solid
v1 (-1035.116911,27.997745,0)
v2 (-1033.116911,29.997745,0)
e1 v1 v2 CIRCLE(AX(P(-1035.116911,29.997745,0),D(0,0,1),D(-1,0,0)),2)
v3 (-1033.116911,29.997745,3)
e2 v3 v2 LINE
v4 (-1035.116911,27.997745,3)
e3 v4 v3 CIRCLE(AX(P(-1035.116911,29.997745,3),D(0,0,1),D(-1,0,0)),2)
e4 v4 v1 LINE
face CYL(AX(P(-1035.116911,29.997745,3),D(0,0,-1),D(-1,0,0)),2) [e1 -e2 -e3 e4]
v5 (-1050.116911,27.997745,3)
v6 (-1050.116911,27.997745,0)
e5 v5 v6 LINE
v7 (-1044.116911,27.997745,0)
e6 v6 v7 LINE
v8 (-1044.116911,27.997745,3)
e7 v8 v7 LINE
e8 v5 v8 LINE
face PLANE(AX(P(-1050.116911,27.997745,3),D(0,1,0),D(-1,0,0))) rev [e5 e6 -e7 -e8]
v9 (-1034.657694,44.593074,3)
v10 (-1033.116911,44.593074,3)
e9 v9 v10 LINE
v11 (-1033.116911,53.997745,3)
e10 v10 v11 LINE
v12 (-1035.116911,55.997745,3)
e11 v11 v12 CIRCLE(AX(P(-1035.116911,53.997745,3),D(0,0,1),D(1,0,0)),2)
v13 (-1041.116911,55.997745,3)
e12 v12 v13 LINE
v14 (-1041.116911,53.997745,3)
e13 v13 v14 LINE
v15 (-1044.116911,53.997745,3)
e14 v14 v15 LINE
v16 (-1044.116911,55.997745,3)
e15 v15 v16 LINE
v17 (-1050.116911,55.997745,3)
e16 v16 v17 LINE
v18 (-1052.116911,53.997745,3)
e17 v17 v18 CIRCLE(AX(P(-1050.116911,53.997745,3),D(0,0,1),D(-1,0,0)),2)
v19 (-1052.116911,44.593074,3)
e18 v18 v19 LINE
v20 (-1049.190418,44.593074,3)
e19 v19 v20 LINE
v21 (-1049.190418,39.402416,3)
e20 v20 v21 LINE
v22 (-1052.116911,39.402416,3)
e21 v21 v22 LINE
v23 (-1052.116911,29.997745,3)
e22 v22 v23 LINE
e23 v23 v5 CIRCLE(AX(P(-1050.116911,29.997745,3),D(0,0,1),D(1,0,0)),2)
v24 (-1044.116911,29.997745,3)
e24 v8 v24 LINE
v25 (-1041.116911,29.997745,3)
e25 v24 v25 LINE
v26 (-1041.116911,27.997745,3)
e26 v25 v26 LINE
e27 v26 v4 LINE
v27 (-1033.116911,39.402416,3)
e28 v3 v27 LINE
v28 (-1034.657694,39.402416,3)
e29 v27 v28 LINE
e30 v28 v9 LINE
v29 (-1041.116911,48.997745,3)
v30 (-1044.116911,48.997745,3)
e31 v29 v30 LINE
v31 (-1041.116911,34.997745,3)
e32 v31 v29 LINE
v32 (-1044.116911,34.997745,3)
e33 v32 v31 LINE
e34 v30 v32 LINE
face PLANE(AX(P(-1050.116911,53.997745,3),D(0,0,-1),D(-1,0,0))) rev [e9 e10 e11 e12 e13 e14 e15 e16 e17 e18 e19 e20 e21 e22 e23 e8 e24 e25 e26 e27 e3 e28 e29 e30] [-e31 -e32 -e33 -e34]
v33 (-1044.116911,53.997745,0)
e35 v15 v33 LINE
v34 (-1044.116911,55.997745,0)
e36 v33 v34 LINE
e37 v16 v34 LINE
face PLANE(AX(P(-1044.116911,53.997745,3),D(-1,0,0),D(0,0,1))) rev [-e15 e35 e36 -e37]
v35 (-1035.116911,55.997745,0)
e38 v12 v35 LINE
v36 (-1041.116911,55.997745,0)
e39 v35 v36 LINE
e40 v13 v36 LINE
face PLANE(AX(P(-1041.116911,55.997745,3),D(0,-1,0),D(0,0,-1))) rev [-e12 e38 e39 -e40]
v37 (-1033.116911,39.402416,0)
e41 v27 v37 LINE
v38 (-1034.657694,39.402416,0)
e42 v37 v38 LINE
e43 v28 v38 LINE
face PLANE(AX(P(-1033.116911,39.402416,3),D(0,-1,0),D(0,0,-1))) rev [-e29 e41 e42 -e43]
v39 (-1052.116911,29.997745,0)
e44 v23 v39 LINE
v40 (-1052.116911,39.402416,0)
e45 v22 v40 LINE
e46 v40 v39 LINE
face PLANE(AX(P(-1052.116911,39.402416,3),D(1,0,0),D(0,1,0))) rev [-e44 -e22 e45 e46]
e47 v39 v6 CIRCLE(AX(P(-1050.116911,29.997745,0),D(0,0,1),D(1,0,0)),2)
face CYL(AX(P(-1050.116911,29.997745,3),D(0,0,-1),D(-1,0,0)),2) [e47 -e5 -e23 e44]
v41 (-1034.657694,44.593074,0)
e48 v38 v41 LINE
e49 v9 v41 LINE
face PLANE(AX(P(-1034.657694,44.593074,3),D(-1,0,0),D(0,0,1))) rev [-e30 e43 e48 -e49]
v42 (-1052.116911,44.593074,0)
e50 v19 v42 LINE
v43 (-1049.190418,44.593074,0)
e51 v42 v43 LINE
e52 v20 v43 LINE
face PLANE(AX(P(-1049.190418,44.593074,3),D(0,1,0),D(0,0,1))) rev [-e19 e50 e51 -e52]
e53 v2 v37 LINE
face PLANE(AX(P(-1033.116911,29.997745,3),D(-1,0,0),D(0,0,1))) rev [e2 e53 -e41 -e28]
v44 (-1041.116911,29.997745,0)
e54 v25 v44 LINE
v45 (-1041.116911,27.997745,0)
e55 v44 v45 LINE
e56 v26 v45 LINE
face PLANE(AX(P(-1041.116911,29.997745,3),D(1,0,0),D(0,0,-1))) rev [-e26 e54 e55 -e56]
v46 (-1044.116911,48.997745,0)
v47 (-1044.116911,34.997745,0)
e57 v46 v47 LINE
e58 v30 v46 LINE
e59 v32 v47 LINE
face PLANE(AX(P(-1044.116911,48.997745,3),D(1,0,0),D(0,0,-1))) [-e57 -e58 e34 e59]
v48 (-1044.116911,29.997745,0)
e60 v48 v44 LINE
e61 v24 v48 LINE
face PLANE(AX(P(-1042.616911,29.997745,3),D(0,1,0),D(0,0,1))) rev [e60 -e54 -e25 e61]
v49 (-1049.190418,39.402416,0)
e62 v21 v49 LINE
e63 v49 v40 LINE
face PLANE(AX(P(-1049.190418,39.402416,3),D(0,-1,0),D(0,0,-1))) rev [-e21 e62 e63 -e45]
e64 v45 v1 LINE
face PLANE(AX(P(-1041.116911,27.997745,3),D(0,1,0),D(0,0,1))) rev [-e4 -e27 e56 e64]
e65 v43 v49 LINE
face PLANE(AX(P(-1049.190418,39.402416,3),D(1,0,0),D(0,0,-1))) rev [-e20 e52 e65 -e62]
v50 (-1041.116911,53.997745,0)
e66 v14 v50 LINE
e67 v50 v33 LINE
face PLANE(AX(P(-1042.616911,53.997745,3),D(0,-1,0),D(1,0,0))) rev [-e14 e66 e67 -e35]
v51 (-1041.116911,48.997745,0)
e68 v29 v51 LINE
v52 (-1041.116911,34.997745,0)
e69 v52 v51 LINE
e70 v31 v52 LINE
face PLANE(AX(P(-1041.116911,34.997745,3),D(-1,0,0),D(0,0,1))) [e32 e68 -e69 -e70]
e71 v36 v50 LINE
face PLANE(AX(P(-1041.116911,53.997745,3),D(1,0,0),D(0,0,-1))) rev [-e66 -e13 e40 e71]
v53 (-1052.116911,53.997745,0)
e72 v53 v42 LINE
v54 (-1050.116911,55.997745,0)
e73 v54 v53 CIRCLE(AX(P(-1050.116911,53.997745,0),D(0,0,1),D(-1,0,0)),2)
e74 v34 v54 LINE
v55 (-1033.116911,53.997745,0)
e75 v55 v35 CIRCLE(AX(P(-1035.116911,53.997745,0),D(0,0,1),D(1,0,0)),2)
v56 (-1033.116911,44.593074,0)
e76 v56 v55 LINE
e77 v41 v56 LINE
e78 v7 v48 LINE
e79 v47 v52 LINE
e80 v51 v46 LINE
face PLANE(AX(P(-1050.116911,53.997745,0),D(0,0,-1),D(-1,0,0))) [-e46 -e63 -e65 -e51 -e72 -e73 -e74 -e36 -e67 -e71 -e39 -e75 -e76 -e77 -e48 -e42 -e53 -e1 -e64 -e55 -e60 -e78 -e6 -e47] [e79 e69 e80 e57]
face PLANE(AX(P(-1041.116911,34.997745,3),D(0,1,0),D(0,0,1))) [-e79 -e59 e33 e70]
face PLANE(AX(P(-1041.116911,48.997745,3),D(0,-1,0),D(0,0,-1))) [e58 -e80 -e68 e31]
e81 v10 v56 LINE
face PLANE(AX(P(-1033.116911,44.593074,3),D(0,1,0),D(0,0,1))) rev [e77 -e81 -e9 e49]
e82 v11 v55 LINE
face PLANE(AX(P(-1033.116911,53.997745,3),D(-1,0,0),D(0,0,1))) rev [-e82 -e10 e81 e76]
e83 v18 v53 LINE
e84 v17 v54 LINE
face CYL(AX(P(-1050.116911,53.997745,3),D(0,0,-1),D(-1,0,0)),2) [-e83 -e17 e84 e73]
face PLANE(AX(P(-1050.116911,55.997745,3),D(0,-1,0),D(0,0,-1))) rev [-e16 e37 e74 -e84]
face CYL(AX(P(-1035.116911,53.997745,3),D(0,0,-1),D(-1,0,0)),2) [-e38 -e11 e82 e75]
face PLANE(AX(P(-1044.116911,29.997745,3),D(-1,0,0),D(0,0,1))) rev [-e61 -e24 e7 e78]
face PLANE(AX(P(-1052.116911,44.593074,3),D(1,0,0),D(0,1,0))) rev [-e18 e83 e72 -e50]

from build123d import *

# Parameters (mm, degrees)
SKETCH1_W          = 3
SKETCH1_H          = 14
BASE_EXTRUDE_DEPTH = 3


with BuildPart() as part:
    # Sketch1 → Base-Extrude (new body)
    with BuildSketch(Plane.XY):
        with BuildLine():
            Line((-1033.116910611, 53.997744838), (-1033.116910611, 44.593073912))
            Line((-1033.116910611, 44.593073912), (-1034.65769353, 44.593073912))
            Line((-1034.65769353, 44.593073912), (-1034.65769353, 39.402415763))
            Line((-1034.65769353, 39.402415763), (-1033.116910611, 39.402415763))
            Line((-1033.116910611, 39.402415763), (-1033.116910611, 29.997744838))
            ThreePointArc((-1033.116910611, 29.997744838), (-1033.702697049, 28.583531275), (-1035.116910611, 27.997744838))
            Line((-1035.116910611, 27.997744838), (-1041.116910611, 27.997744838))
            Line((-1041.116910611, 27.997744838), (-1041.116910611, 29.997744838))
            Line((-1041.116910611, 29.997744838), (-1042.616910611, 29.997744838))
            Line((-1042.616910611, 29.997744838), (-1044.116910611, 29.997744838))
            Line((-1044.116910611, 29.997744838), (-1044.116910611, 27.997744838))
            Line((-1044.116910611, 27.997744838), (-1050.116910611, 27.997744838))
            ThreePointArc((-1050.116910611, 27.997744838), (-1051.531124173, 28.583531275), (-1052.116910611, 29.997744838))
            Line((-1052.116910611, 29.997744838), (-1052.116910611, 39.402415763))
            Line((-1052.116910611, 39.402415763), (-1049.190418334, 39.402415763))
            Line((-1049.190418334, 39.402415763), (-1049.190418334, 44.593073912))
            Line((-1049.190418334, 44.593073912), (-1052.116910611, 44.593073912))
            Line((-1052.116910611, 44.593073912), (-1052.116910611, 53.997744838))
            ThreePointArc((-1052.116910611, 53.997744838), (-1051.531124173, 55.4119584), (-1050.116910611, 55.997744838))
            Line((-1050.116910611, 55.997744838), (-1044.116910611, 55.997744838))
            Line((-1044.116910611, 55.997744838), (-1044.116910611, 53.997744838))
            Line((-1044.116910611, 53.997744838), (-1042.616910611, 53.997744838))
            Line((-1042.616910611, 53.997744838), (-1041.116910611, 53.997744838))
            Line((-1041.116910611, 53.997744838), (-1041.116910611, 55.997744838))
            Line((-1041.116910611, 55.997744838), (-1035.116910611, 55.997744838))
            ThreePointArc((-1035.116910611, 55.997744838), (-1033.702697049, 55.4119584), (-1033.116910611, 53.997744838))
        make_face()
        with Locations((-1042.616910611, 41.997744838)):
            Rectangle(SKETCH1_W, SKETCH1_H, mode=Mode.SUBTRACT)
    extrude(amount=BASE_EXTRUDE_DEPTH)


solid = part.part
